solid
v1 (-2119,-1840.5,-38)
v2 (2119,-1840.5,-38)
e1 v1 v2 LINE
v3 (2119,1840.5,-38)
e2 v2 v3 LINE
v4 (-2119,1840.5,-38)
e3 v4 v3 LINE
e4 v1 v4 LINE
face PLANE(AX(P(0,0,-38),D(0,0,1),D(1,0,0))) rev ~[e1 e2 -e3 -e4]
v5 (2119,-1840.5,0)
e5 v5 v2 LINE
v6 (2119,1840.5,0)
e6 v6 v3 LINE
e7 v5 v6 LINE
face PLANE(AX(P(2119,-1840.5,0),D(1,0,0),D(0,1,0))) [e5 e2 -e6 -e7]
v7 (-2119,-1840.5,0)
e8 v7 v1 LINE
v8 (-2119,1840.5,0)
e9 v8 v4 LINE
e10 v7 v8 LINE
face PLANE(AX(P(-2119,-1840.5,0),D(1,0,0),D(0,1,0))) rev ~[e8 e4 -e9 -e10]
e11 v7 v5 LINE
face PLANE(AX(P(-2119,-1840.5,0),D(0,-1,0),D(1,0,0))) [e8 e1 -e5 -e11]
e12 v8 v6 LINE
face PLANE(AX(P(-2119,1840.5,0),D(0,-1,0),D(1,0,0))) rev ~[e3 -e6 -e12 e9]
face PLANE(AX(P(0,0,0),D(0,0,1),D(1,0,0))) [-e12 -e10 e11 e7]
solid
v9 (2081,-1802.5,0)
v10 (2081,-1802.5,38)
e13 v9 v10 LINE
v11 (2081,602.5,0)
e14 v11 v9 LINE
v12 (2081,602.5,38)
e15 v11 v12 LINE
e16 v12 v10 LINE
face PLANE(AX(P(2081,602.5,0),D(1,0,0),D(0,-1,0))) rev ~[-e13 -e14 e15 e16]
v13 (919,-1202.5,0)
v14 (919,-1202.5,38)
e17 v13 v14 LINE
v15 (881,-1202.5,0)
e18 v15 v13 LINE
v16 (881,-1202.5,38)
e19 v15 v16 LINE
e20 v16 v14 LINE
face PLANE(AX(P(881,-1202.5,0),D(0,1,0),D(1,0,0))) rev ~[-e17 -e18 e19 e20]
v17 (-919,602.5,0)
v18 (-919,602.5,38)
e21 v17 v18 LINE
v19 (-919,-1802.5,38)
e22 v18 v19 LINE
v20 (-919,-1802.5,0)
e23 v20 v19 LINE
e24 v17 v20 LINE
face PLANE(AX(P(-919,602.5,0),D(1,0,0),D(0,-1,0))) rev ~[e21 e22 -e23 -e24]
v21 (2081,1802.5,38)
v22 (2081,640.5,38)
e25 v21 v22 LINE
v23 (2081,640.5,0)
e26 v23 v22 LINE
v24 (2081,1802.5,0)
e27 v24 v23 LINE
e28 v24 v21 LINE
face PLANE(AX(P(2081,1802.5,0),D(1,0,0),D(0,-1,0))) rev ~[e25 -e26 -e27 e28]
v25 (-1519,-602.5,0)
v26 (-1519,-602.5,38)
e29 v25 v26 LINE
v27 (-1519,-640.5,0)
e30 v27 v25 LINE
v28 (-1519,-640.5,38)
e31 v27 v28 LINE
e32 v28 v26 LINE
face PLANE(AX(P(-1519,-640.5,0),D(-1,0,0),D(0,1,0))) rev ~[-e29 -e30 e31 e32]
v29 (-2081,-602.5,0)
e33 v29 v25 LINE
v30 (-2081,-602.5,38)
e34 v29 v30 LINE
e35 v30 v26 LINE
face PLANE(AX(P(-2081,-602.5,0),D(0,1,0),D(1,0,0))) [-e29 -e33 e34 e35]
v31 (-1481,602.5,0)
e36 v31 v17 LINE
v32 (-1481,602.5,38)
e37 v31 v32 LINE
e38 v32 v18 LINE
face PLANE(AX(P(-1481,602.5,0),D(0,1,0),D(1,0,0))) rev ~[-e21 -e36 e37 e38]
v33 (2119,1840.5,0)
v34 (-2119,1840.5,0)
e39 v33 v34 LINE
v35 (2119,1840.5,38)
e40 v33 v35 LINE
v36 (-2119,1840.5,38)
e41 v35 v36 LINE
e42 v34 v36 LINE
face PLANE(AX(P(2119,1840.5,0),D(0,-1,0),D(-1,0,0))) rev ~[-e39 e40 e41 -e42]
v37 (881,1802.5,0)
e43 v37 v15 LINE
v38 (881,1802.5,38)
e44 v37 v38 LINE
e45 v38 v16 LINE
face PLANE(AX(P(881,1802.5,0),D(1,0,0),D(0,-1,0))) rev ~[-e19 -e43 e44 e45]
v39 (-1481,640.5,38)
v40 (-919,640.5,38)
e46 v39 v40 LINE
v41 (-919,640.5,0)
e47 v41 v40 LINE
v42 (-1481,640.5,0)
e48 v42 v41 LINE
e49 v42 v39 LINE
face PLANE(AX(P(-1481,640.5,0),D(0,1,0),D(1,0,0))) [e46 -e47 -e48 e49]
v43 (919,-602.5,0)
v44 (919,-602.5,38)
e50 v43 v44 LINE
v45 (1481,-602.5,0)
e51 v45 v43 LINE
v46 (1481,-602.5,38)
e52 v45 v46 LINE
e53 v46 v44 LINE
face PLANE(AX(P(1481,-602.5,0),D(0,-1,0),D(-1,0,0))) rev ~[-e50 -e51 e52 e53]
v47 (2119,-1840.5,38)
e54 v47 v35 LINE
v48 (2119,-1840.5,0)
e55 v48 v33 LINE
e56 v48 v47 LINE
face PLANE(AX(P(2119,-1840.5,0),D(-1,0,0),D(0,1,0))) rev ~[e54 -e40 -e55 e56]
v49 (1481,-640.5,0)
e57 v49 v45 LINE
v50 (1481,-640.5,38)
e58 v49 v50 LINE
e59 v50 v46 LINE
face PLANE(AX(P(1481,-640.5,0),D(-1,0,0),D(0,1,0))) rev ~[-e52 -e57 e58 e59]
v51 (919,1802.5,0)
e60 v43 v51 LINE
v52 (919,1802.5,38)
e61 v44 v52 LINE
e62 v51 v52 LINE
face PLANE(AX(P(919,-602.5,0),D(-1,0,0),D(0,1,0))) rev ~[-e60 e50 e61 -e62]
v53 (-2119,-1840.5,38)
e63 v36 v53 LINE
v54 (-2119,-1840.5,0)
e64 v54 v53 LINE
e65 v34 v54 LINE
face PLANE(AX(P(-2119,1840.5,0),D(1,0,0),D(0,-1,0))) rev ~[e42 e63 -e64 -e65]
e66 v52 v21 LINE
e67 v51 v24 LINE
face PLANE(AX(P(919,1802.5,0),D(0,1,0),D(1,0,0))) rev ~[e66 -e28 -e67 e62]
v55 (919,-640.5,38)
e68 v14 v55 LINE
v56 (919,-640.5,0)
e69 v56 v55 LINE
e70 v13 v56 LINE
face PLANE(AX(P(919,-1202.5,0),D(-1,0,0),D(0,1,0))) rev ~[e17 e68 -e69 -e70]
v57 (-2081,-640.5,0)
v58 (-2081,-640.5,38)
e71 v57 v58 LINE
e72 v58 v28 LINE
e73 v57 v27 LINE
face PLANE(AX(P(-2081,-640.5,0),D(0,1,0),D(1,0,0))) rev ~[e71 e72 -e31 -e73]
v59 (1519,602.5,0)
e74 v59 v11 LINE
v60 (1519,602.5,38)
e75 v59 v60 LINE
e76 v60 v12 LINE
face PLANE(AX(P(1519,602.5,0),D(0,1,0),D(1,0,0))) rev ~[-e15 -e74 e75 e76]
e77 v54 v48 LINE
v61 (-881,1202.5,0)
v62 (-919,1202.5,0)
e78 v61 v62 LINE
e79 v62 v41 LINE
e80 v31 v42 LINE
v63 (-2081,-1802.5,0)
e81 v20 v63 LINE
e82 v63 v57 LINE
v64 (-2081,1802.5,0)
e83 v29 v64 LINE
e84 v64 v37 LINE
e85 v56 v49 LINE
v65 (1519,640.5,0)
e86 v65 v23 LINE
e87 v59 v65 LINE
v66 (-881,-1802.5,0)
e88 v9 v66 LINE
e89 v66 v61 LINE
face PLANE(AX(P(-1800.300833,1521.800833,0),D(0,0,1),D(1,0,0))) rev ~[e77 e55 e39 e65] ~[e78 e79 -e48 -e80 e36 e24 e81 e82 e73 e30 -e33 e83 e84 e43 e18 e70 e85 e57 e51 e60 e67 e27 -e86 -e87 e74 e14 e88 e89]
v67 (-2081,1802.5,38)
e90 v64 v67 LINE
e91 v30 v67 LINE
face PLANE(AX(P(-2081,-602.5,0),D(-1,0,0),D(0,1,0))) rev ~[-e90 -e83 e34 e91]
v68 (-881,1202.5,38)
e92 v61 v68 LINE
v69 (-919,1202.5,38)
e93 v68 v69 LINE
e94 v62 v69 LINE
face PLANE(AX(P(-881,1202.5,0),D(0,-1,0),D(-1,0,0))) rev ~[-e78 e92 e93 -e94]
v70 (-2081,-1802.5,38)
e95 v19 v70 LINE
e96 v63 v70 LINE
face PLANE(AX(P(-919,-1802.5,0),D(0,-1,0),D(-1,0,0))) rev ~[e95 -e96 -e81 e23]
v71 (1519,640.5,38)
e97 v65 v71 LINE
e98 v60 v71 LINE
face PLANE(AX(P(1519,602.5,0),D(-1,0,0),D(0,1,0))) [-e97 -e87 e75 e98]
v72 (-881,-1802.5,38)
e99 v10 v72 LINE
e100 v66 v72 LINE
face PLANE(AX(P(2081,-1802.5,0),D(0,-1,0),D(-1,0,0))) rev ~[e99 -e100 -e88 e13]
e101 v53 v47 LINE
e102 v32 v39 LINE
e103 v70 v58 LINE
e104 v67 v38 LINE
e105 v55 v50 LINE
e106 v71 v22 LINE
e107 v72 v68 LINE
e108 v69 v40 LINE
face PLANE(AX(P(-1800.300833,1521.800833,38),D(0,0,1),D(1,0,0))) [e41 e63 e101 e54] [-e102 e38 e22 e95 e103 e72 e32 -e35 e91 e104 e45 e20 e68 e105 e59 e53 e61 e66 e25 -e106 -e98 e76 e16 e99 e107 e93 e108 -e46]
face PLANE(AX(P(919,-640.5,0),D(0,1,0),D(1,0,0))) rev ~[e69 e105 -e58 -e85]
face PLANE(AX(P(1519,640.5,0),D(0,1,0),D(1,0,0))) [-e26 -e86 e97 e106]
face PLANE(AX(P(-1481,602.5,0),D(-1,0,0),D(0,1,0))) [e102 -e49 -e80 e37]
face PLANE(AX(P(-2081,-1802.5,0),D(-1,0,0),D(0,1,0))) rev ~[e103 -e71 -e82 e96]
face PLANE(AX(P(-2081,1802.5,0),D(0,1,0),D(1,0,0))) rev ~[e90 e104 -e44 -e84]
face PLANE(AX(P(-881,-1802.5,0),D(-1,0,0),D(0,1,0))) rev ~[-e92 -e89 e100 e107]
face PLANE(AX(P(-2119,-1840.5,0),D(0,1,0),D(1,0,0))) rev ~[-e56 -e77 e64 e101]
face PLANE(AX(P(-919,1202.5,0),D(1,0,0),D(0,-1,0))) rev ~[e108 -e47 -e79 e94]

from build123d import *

# Parameters (mm, degrees)
F1_W     = 4238
F1_H     = 3681
F2_DEPTH = 38
F0_W     = 38
F0_H     = 38
F0_W_2   = 562
F0_H_2   = 1162
F3_DEPTH = 38


with BuildPart() as f2:
    # F1 (on Top) → F2 (new body)
    with BuildSketch(Plane.XY):
        Rectangle(F1_W, F1_H)
    extrude(amount=-F2_DEPTH)


with BuildPart() as f3:
    # F0 (on Top) → F3 (new body)
    with BuildSketch(Plane.XY):
        Polygon((-2119, 1840.5), (-2119, 640.5), (-2081, 640.5), (-2081, 1802.5), (-1557, 1802.5), (-1519, 1802.5), (-919, 1802.5), (-919, 1840.5), align=None)
        with Locations((-900, 1821.5)):
            Rectangle(F0_W, F0_H)
        Polygon((881, 1802.5), (881, 1840.5), (-881, 1840.5), (-881, 1802.5), (-281, 1802.5), (-243, 1802.5), align=None)
        Polygon((-919, 640.5), (-881, 640.5), (-881, 1164.5), (-881, 1202.5), (-919, 1202.5), (-919, 1164.5), align=None)
        with Locations((-2100, 621.5)):
            Rectangle(F0_W, F0_H)
        Polygon((-2119, 602.5), (-2119, -602.5), (-2081, -602.5), (-2081, -40.5), (-2081, 40.5), (-2081, 602.5), align=None)
        with Locations((-1200, 621.5)):
            Rectangle(F0_W_2, F0_H)
        with Locations((-1800, -621.5)):
            Rectangle(F0_W_2, F0_H)
        with Locations((-2100, -621.5)):
            Rectangle(F0_W, F0_H)
        Polygon((-2119, -1840.5), (-919, -1840.5), (-919, -1802.5), (-2081, -1802.5), (-2081, -640.5), (-2119, -640.5), align=None)
        with Locations((-900, -621.5)):
            Rectangle(F0_W, F0_H)
        Polygon((-919, -602.5), (-881, -602.5), (-881, -121.5), (-881, 121.5), (-881, 602.5), (-919, 602.5), (-919, 40.5), (-919, -40.5), align=None)
        with Locations((-900, 621.5)):
            Rectangle(F0_W, F0_H)
        with Locations((-900, -1221.5)):
            Rectangle(F0_W, F0_H_2)
        with Locations((-900, -1821.5)):
            Rectangle(F0_W, F0_H)
        Polygon((-881, -1840.5), (881, -1840.5), (881, -1802.5), (281, -1802.5), (243, -1802.5), (-881, -1802.5), align=None)
        Polygon((919, -1840.5), (2119, -1840.5), (2119, -1802.5), (2081, -1802.5), (1557, -1802.5), (1519, -1802.5), (919, -1802.5), align=None)
        with Locations((2100, -621.5)):
            Rectangle(F0_W, F0_H)
        Polygon((2081, -602.5), (2119, -602.5), (2119, 602.5), (2081, 602.5), (2081, 40.5), (2081, -40.5), align=None)
        with Locations((900, -621.5)):
            Rectangle(F0_W, F0_H)
        with Locations((900, 621.5)):
            Rectangle(F0_W, F0_H)
        with Locations((900, 1221.5)):
            Rectangle(F0_W, F0_H_2)
        Polygon((2081, 640.5), (2119, 640.5), (2119, 1840.5), (919, 1840.5), (919, 1802.5), (2081, 1802.5), align=None)
        with Locations((1200, -621.5)):
            Rectangle(F0_W_2, F0_H)
        with Locations((900, -1821.5)):
            Rectangle(F0_W, F0_H)
        with Locations((2100, 621.5)):
            Rectangle(F0_W, F0_H)
        Polygon((881, -1202.5), (919, -1202.5), (919, -1164.5), (919, -640.5), (881, -640.5), (881, -1164.5), align=None)
        with Locations((1800, 621.5)):
            Rectangle(F0_W_2, F0_H)
        with Locations((2100, -1221.5)):
            Rectangle(F0_W, F0_H_2)
        Polygon((881, -602.5), (919, -602.5), (919, -40.5), (919, 40.5), (919, 602.5), (881, 602.5), (881, 121.5), (881, -121.5), align=None)
        with Locations((900, 1821.5)):
            Rectangle(F0_W, F0_H)
    extrude(amount=F3_DEPTH)


solid = Compound([f2.part, f3.part])
